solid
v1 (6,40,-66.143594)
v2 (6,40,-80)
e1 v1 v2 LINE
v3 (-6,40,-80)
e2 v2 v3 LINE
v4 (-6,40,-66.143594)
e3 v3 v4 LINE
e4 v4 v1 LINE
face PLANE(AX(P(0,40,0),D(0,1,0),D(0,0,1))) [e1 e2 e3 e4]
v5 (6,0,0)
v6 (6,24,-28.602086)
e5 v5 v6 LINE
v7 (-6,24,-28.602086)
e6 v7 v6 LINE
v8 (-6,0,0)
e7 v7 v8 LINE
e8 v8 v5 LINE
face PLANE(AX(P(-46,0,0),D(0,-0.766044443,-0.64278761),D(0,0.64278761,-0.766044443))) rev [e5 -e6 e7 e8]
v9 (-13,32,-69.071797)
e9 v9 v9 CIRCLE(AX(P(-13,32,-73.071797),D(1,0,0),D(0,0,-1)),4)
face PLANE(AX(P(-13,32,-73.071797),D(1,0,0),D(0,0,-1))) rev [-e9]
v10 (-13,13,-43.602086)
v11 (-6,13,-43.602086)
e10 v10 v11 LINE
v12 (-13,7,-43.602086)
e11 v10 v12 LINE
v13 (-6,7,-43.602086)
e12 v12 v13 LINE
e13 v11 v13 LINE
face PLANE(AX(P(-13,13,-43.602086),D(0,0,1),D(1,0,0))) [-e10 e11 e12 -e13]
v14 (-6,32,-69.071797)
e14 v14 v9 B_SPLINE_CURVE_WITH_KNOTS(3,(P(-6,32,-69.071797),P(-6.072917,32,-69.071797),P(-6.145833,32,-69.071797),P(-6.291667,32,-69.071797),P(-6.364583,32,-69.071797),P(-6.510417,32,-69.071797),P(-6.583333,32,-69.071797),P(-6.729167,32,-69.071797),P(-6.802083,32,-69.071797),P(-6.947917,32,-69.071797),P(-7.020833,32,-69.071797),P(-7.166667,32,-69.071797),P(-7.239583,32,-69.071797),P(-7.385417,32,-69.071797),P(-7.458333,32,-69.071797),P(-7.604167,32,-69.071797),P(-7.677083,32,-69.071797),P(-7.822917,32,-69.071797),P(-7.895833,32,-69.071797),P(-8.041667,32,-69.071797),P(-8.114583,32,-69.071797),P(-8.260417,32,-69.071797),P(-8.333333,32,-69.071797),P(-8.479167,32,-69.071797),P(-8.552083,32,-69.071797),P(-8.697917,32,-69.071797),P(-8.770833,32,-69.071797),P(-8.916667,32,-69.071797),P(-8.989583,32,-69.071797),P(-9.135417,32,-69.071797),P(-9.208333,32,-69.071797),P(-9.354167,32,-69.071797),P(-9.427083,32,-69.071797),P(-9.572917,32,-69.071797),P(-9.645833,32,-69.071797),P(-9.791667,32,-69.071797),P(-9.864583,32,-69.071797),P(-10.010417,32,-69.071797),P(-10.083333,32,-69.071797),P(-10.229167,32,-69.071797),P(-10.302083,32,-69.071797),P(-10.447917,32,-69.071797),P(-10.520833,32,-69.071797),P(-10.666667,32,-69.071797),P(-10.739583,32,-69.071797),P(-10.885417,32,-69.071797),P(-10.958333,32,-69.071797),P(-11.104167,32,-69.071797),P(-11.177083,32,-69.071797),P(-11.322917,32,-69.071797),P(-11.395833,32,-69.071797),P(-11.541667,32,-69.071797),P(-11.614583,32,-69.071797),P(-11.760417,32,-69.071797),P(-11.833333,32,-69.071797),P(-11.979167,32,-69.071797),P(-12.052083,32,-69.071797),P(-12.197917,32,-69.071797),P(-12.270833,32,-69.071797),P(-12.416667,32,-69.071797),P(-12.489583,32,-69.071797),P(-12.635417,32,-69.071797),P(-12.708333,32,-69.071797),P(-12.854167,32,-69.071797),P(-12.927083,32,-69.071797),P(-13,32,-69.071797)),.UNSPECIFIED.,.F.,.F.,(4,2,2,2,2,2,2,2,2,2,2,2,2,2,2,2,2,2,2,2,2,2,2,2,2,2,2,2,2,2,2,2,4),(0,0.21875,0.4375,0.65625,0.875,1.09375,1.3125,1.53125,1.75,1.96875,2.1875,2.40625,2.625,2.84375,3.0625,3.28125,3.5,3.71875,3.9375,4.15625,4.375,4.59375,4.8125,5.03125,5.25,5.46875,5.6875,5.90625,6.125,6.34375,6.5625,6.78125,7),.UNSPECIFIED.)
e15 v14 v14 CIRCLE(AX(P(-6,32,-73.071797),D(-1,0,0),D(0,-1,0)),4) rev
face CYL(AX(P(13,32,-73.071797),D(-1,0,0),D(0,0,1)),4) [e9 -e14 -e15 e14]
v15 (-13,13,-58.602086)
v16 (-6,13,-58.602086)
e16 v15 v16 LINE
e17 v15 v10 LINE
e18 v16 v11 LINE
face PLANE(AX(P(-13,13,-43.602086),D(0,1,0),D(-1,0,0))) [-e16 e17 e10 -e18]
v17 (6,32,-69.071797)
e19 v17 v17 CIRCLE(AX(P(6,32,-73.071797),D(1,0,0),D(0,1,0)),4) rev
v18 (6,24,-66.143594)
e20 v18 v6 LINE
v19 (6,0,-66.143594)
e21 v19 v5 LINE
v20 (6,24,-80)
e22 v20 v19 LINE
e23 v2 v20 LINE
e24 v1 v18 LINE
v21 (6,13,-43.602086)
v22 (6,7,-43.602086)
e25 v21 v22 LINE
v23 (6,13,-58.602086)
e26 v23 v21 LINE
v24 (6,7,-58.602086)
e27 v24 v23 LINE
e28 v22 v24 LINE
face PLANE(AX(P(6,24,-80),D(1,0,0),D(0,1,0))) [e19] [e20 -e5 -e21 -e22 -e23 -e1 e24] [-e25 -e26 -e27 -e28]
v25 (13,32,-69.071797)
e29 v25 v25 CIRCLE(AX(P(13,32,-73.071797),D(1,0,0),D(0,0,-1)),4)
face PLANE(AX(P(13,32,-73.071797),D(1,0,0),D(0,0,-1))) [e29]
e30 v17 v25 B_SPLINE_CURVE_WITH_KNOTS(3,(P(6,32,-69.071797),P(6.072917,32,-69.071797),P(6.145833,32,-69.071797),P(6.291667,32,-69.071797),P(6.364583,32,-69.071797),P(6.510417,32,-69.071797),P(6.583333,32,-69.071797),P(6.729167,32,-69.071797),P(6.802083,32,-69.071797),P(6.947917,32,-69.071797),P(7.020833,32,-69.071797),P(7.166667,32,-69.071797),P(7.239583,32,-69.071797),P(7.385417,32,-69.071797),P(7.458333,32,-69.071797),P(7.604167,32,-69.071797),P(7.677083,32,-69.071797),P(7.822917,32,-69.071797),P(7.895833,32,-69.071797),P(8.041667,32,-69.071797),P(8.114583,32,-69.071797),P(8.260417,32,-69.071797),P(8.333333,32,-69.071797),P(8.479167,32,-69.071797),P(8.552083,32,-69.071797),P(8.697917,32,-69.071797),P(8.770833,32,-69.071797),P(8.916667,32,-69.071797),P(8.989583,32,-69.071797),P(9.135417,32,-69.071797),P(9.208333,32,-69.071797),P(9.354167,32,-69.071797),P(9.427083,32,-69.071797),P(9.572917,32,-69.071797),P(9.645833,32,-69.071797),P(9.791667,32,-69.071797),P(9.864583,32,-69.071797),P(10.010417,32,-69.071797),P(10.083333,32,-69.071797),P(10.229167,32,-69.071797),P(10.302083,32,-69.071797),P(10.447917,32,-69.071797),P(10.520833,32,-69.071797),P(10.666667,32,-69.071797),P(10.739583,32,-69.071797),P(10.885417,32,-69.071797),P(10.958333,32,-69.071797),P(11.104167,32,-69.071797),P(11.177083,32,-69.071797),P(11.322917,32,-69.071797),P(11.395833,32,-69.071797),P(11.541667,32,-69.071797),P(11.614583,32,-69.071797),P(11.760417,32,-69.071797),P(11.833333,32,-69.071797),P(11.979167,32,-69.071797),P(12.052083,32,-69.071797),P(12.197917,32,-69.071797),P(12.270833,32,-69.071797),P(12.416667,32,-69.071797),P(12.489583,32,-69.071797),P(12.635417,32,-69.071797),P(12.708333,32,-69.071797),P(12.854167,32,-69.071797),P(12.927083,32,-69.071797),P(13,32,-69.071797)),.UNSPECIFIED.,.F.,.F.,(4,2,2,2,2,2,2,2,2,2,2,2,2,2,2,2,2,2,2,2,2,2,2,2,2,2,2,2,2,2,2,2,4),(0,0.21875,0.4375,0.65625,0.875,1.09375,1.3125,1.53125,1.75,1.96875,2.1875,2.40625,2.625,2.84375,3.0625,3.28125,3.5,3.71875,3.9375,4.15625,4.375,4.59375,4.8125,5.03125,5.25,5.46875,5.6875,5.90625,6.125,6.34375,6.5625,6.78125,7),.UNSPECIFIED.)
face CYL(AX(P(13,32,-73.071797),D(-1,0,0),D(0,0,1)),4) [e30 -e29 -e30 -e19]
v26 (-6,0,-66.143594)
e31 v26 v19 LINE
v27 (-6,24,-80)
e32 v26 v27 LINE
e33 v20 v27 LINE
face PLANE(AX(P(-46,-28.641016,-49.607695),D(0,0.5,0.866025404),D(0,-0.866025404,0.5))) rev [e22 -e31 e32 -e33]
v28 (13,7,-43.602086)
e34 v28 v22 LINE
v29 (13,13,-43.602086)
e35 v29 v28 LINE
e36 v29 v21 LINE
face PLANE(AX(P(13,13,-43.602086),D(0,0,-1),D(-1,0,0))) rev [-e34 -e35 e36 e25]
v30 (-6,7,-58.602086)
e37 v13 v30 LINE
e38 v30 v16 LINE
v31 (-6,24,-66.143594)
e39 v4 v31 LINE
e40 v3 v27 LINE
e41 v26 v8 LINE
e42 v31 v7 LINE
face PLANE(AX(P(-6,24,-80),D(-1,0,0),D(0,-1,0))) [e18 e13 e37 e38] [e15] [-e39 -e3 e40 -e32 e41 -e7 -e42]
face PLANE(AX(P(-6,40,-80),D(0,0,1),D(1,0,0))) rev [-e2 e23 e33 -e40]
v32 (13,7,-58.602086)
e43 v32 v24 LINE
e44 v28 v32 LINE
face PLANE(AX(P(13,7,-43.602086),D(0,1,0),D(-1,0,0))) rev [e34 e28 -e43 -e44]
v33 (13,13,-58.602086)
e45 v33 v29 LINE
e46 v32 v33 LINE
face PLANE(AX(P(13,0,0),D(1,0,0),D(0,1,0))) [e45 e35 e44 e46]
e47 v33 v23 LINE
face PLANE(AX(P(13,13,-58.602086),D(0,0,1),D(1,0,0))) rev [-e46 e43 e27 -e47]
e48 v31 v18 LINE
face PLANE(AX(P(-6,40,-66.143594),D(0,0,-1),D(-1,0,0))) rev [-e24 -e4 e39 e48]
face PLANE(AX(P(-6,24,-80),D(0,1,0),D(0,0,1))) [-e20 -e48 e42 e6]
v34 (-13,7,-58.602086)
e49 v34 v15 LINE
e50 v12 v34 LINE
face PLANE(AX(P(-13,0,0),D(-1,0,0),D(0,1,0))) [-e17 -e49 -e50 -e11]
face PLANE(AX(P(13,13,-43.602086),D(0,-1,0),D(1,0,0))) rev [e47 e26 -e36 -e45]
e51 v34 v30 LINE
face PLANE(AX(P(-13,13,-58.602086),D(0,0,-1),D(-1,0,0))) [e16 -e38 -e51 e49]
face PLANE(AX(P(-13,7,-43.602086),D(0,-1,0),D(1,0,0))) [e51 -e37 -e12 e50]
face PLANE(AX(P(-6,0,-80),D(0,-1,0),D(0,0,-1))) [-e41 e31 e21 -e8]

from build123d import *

# Parameters (mm, degrees)
SKETCH1_W           = 12
SKETCH1_H           = 24
BOSS_EXTRUDE1_DEPTH = 80
CUT_EXTRUDE1_DEPTH  = 52
SKETCH3_W           = 15
SKETCH3_H           = 6
BOSS_EXTRUDE2_DEPTH = 7
SKETCH4_W           = 12
SKETCH4_H           = 13.856406461
BOSS_EXTRUDE3_DEPTH = 16
SKETCH6_R           = 4
BOSS_EXTRUDE4_DEPTH = 13


with BuildPart() as part:
    # Sketch1 → Boss-Extrude1 (new body)
    with BuildSketch(Plane.XY):
        with Locations((0, 12)):
            Rectangle(SKETCH1_W, SKETCH1_H)
    extrude(amount=-BOSS_EXTRUDE1_DEPTH)

    # Sketch2 → Cut-Extrude1 (cut)
    with BuildSketch(Plane(origin=(6, 0, 0), x_dir=(0, 0, -1), z_dir=(1, 0, 0))):
        Polygon((0, 24), (0, 0), (28.602086222, 24), align=None)
        Polygon((80, 24), (66.143593539, 0), (80, 0), align=None)
    extrude(amount=-CUT_EXTRUDE1_DEPTH, mode=Mode.SUBTRACT)

    # Sketch3 → Boss-Extrude2 (add)
    with BuildSketch(Plane(origin=(6, 0, 0), x_dir=(0, 0, -1), z_dir=(1, 0, 0))):
        with Locations((51.102086222, 10)):
            Rectangle(SKETCH3_W, SKETCH3_H)
    boss_extrude2 = extrude(amount=BOSS_EXTRUDE2_DEPTH)

    # Mirror1: Boss-Extrude2 across plane
    add(boss_extrude2.mirror(Plane(origin=(0, 0, 0), x_dir=(0, 0, 1), z_dir=(1, 0, 0))))

    # Sketch4 → Boss-Extrude3 (add)
    with BuildSketch(Plane(origin=(0, 24, 0), x_dir=(1, 0, 0), z_dir=(0, 1, 0))):
        with Locations((0, 73.071796769)):
            Rectangle(SKETCH4_W, SKETCH4_H)
    extrude(amount=BOSS_EXTRUDE3_DEPTH)

    # Sketch6 → Boss-Extrude4 (add, symmetric)
    with BuildSketch(Plane(origin=(0, 0, 0), x_dir=(0, 0, -1), z_dir=(1, 0, 0))):
        with Locations(Location((73.07179677, 32, 0), (0, 0, 180))):
            Circle(SKETCH6_R)
    extrude(amount=BOSS_EXTRUDE4_DEPTH, both=True)


solid = part.part
